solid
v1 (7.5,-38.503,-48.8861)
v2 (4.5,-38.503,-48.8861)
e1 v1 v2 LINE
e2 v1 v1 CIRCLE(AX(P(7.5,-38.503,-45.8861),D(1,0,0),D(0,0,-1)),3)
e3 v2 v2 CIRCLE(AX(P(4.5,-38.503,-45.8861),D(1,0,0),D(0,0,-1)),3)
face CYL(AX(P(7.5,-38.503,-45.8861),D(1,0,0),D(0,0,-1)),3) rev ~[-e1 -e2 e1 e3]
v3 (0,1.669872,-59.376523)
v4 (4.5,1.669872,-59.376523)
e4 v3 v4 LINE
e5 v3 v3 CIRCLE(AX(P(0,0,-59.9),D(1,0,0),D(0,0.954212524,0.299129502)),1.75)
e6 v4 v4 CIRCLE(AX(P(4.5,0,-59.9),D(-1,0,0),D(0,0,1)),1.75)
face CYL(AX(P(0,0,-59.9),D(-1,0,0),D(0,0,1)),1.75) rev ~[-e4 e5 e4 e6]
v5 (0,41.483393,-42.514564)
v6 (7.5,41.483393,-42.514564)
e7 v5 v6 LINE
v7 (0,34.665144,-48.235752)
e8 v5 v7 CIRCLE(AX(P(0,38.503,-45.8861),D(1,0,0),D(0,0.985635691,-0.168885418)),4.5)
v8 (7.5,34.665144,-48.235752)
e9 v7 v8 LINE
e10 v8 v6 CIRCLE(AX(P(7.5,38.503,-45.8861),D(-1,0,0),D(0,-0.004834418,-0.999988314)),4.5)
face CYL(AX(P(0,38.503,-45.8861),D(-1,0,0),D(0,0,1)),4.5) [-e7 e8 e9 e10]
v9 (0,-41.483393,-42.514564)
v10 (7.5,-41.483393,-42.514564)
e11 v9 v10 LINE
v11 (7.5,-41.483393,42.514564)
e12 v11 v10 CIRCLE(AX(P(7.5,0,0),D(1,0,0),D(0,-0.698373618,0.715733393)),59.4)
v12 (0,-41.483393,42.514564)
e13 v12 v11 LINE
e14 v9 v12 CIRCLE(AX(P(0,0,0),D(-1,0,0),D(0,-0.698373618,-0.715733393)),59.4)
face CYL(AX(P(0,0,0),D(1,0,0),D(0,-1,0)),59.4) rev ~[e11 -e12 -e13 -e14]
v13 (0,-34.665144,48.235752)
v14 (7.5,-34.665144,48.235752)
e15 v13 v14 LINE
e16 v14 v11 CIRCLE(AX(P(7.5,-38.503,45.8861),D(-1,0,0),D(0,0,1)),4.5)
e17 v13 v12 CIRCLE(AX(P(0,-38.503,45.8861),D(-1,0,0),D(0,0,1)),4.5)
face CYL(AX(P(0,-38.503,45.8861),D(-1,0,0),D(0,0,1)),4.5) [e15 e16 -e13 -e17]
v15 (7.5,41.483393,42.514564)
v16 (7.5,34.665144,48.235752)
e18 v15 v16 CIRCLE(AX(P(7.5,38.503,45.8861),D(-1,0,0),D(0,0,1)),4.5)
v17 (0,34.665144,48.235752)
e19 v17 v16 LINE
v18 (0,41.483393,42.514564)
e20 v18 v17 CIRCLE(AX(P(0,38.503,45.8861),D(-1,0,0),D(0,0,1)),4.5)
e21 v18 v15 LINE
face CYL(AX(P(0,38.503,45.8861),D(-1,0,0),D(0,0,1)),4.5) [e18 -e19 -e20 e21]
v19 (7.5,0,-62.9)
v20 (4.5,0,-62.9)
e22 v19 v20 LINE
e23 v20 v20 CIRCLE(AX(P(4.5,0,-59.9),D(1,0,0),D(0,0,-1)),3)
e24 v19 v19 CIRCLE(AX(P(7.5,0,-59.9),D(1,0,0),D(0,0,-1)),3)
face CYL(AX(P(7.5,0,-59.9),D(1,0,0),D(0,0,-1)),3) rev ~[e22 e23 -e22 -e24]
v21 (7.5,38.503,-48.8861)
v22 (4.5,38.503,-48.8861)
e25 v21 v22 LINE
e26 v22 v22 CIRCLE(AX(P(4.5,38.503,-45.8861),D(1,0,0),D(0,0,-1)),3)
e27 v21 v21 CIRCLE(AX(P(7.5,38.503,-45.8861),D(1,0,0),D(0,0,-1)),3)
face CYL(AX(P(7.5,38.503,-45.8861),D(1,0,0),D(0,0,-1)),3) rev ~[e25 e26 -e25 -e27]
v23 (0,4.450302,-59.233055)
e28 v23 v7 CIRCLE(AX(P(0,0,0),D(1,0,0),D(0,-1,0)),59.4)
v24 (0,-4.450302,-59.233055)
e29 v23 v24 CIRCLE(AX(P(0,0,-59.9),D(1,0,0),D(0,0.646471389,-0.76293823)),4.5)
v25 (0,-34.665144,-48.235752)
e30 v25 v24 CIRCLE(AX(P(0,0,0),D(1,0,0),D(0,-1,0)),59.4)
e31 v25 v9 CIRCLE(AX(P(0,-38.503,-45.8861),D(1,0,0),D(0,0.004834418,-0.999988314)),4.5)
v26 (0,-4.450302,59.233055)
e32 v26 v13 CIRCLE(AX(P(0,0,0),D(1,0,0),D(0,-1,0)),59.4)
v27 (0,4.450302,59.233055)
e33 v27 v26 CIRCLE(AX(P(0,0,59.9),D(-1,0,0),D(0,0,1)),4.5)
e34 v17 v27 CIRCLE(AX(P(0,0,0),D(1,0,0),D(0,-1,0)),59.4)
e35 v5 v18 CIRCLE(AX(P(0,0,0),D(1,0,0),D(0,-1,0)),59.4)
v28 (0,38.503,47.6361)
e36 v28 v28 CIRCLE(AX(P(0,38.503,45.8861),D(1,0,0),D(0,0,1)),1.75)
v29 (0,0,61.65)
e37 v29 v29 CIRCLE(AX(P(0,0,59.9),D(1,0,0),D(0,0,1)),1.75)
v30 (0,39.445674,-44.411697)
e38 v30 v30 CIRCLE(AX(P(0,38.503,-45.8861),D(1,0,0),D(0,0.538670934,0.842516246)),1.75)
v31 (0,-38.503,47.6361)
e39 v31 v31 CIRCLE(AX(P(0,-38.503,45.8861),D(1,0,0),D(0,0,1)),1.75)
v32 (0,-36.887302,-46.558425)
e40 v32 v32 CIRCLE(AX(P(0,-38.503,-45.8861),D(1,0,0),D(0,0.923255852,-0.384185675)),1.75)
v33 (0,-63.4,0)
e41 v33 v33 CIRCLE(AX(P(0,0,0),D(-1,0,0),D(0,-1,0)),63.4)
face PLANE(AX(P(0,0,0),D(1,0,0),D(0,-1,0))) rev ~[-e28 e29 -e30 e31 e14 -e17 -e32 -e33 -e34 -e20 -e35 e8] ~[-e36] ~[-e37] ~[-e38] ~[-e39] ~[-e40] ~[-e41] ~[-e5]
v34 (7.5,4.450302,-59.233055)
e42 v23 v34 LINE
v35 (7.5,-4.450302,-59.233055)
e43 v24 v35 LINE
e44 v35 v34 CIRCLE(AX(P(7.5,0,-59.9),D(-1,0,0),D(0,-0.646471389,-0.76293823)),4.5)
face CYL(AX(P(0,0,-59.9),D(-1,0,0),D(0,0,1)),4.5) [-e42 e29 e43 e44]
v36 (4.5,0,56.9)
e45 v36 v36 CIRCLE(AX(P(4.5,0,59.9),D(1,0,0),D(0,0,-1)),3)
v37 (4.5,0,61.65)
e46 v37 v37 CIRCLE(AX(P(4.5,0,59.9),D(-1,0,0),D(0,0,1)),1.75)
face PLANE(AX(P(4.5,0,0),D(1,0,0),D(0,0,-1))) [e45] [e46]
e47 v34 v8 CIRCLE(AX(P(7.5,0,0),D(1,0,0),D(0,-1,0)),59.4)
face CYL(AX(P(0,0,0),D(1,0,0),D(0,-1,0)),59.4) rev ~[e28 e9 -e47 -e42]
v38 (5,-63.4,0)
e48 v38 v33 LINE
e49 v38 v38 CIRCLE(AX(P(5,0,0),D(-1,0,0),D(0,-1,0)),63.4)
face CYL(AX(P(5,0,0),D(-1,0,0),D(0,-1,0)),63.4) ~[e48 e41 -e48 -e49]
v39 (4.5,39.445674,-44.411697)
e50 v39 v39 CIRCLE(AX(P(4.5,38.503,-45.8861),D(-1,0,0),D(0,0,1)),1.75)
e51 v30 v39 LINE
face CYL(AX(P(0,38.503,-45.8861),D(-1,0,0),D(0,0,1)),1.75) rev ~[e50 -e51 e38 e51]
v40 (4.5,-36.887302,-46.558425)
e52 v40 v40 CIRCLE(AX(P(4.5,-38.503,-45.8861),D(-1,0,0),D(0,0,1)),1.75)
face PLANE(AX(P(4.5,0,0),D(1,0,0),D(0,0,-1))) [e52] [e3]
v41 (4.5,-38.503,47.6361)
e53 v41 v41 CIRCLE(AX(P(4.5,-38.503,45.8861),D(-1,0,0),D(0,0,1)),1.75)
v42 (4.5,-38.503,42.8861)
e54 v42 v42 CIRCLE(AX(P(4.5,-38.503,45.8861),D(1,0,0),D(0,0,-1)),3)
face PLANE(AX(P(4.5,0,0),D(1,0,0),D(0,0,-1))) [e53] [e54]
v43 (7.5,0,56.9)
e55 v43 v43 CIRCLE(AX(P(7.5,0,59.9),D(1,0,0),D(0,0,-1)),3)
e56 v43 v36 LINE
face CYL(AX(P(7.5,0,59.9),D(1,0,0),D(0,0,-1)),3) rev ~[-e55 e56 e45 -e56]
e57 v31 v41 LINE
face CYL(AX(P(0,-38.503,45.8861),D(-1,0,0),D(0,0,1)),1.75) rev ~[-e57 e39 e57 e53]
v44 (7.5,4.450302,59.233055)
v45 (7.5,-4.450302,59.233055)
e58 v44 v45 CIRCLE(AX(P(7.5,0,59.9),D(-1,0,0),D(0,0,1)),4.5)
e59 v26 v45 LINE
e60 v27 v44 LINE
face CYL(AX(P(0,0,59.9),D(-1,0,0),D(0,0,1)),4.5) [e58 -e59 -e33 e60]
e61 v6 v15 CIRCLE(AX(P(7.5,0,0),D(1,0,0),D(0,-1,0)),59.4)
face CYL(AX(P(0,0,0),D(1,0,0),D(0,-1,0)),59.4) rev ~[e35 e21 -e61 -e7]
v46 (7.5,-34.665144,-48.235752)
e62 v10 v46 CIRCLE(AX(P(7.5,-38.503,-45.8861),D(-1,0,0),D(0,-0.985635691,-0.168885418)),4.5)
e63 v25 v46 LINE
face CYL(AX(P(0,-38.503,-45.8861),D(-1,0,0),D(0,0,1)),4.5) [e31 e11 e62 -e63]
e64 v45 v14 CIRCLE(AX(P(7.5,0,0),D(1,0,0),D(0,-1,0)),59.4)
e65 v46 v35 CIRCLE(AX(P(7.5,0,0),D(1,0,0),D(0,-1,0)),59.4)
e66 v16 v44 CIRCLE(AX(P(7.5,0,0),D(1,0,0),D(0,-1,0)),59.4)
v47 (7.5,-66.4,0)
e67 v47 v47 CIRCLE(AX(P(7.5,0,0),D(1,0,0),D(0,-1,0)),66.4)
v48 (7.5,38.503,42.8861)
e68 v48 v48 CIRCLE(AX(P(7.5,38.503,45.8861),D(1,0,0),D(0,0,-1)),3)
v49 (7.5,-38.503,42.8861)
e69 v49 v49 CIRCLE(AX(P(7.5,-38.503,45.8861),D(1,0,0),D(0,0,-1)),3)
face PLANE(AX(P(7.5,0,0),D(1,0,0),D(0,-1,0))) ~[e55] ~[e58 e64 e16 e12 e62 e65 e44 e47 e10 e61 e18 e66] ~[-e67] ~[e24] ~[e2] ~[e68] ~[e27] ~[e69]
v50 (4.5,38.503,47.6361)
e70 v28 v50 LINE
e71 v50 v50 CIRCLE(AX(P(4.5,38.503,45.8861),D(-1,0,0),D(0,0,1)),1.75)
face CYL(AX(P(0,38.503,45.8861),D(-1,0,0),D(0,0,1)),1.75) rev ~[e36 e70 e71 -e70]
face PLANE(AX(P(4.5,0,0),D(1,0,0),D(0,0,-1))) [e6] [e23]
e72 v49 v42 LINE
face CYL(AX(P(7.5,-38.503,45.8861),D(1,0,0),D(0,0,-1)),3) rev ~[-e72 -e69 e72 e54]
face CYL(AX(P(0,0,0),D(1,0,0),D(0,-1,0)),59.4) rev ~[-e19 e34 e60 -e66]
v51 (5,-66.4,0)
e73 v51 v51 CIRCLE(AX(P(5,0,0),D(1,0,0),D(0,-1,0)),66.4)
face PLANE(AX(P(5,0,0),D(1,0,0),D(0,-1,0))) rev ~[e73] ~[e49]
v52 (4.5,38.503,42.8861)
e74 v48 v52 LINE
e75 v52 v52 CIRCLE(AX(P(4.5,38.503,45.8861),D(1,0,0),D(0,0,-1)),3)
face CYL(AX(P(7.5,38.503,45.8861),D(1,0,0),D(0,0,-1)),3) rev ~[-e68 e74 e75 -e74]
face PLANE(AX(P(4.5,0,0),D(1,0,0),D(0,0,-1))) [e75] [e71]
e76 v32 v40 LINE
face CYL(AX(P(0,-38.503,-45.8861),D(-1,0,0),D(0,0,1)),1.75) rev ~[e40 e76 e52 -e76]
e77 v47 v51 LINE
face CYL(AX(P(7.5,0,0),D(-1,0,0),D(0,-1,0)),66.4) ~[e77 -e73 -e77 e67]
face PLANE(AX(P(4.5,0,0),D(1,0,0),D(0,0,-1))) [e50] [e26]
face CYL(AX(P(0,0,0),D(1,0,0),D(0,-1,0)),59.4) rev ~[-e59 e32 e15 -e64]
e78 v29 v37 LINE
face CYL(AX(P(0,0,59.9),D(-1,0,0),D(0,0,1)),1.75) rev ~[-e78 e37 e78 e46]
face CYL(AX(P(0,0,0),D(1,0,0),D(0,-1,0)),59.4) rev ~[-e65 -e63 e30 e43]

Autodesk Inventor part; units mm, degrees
ref_plane "YZ Plane" through (0, 0, 0) normal (1, 0, 0) x (0, 1, 0)
ref_plane "XZ Plane" through (0, 0, 0) normal (0, 1, 0) x (-1, 0, 0)
ref_plane "XY Plane" through (0, 0, 0) normal (0, 0, 1) x (1, 0, 0)
sketch "Sketch1" plane through (0, 0, 0) normal (0, 0, 1) x (1, 0, 0)
  line L0 (0, 0) -> (0, -59.4) construction
  line L1 (0, -59.4) -> (7.5, -59.4)
  line L2 (7.5, -59.4) -> (7.5, -66.4)
  line L3 (7.5, -66.4) -> (5, -66.4)
  line L4 (5, -66.4) -> (5, -63.4)
  line L5 (5, -63.4) -> (0, -63.4)
  line L6 (0, -63.4) -> (0, -59.4)
  line L7 (0, 0) -> (7.5, 0) construction
  line L8 (7.5, 0) -> (7.5, -59.4) construction
  line L9 (7.5, -59.4) -> (7.5, -66.4)
  dimension "d0" = 63.4
  dimension "d1" = 4
  dimension "d2" = 2.5
  dimension "d3" = 3
  dimension "d4" = 5
revolve "Revolution1" add sketch "Sketch1" angle 360 about axis through (0, 0, 0) along (1, 0, 0)
sketch "Sketch2" plane through (0, 0, 0) normal (-1, 0, 0) x (0, 0, 1)
  line L0 (0, 0) -> (0, 55.6716) construction
  line L1 (0, 0) -> (-59.868, 0) construction
  line L2 (0, 0) -> (-47.9174, -40.2075) construction
  line L3 (0, 0) -> (-42.8366, 35.9442) construction
  circle A0 centre (-45.8861, 38.503) radius 3.5 construction
  circle A1 centre (-59.9, 0) radius 3.5 construction
  circle A2 centre (-45.8861, -38.503) radius 3.5 construction
  circle A3 centre (-45.8861, 38.503) radius 1.75
  circle A4 centre (-45.8861, 38.503) radius 4.5
  circle A5 centre (-59.9, 0) radius 4.5
  circle A6 centre (-59.9, 0) radius 1.75
  circle A7 centre (-45.8861, -38.503) radius 1.75
  circle A8 centre (-45.8861, -38.503) radius 4.5
  circle A9 centre (0, 0) radius 63.4 projected
  circle A10 centre (45.8861, 38.503) radius 1.75
  circle A11 centre (45.8861, 38.503) radius 3.5 construction
  circle A12 centre (45.8861, 38.503) radius 4.5
  circle A13 centre (59.9, 0) radius 1.75
  circle A14 centre (59.9, 0) radius 4.5
  circle A15 centre (59.9, 0) radius 3.5 construction
  circle A16 centre (45.8861, -38.503) radius 3.5 construction
  circle A17 centre (45.8861, -38.503) radius 1.75
  circle A18 centre (45.8861, -38.503) radius 4.5
  point P0 (-24.75, 53.9981)
  point P1 (-57.3891, -15.325)
  point P2 (57.3891, -15.325)
  point P3 (42.8366, 35.9442)
  point P4 (59.868, 0)
  point P5 (47.9174, -40.2075)
  point P6 (-46.6461, 42.9383)
  point P7 (-50.386, 38.4813)
  point P8 (-63.3332, 2.9091)
  point P9 (-63.3332, -2.9091)
  point P10 (-50.386, -38.4813)
  point P11 (-46.6461, -42.9383)
  point P12 (46.6461, 42.9383)
  point P13 (50.386, 38.4813)
  point P14 (63.3332, 2.9091)
  point P15 (63.3332, -2.9091)
  point P16 (50.386, -38.4813)
  point P17 (46.6461, -42.9383)
  dimension "d9" = 40
  dimension "d10" = 40
  dimension "d11" = 7
  dimension "d12" = 9
  dimension "d13" = 3.5
extrude "Extrusion1" add sketch "Sketch2" against normal up to surface (7.5 mm away) contours A4 A9 | A9 A12 | A5 A9 | A9 A14 | A8 A9 | A9 A18 picked at (-46.8937, 41.5565) picked at (46.8937, 41.5565) picked at (-62.6452, -1.6799) picked at (62.3698, 2.2508) picked at (-46.8937, -41.5565) picked at (46.8937, -41.5565)
extrude "Extrusion2" cut sketch "Sketch2" against normal through all contours A3 | A6 | A7 | A10 | A13 | A17
sketch "Sketch3" plane through (7.5, 0, 0) normal (1, 0, 0) x (0, 0, -1)
  circle A0 centre (-45.8861, 38.503) radius 1.75 projected
  circle A1 centre (-45.8861, 38.503) radius 3
  circle A2 centre (-59.9, 0) radius 1.75 projected
  circle A3 centre (-59.9, 0) radius 3
  circle A4 centre (-45.8861, -38.503) radius 1.75 projected
  circle A5 centre (-45.8861, -38.503) radius 3
  circle A6 centre (45.8861, -38.503) radius 1.75 projected
  circle A7 centre (45.8861, -38.503) radius 3
  circle A8 centre (59.9, 0) radius 1.75 projected
  circle A9 centre (59.9, 0) radius 3
  circle A10 centre (45.8861, 38.503) radius 1.75 projected
  circle A11 centre (45.8861, 38.503) radius 3
  point P0 (0, 0)
  dimension "d18" = 6
extrude "Extrusion3" cut sketch "Sketch3" against normal blind 3 contours A0 | A1 | A2 | A3 | A4 | A5 | A6 | A7 | A8 | A9 | A10 | A11
equation "\"d10\" = d9"
properties part number "SwivelMountClamp"
